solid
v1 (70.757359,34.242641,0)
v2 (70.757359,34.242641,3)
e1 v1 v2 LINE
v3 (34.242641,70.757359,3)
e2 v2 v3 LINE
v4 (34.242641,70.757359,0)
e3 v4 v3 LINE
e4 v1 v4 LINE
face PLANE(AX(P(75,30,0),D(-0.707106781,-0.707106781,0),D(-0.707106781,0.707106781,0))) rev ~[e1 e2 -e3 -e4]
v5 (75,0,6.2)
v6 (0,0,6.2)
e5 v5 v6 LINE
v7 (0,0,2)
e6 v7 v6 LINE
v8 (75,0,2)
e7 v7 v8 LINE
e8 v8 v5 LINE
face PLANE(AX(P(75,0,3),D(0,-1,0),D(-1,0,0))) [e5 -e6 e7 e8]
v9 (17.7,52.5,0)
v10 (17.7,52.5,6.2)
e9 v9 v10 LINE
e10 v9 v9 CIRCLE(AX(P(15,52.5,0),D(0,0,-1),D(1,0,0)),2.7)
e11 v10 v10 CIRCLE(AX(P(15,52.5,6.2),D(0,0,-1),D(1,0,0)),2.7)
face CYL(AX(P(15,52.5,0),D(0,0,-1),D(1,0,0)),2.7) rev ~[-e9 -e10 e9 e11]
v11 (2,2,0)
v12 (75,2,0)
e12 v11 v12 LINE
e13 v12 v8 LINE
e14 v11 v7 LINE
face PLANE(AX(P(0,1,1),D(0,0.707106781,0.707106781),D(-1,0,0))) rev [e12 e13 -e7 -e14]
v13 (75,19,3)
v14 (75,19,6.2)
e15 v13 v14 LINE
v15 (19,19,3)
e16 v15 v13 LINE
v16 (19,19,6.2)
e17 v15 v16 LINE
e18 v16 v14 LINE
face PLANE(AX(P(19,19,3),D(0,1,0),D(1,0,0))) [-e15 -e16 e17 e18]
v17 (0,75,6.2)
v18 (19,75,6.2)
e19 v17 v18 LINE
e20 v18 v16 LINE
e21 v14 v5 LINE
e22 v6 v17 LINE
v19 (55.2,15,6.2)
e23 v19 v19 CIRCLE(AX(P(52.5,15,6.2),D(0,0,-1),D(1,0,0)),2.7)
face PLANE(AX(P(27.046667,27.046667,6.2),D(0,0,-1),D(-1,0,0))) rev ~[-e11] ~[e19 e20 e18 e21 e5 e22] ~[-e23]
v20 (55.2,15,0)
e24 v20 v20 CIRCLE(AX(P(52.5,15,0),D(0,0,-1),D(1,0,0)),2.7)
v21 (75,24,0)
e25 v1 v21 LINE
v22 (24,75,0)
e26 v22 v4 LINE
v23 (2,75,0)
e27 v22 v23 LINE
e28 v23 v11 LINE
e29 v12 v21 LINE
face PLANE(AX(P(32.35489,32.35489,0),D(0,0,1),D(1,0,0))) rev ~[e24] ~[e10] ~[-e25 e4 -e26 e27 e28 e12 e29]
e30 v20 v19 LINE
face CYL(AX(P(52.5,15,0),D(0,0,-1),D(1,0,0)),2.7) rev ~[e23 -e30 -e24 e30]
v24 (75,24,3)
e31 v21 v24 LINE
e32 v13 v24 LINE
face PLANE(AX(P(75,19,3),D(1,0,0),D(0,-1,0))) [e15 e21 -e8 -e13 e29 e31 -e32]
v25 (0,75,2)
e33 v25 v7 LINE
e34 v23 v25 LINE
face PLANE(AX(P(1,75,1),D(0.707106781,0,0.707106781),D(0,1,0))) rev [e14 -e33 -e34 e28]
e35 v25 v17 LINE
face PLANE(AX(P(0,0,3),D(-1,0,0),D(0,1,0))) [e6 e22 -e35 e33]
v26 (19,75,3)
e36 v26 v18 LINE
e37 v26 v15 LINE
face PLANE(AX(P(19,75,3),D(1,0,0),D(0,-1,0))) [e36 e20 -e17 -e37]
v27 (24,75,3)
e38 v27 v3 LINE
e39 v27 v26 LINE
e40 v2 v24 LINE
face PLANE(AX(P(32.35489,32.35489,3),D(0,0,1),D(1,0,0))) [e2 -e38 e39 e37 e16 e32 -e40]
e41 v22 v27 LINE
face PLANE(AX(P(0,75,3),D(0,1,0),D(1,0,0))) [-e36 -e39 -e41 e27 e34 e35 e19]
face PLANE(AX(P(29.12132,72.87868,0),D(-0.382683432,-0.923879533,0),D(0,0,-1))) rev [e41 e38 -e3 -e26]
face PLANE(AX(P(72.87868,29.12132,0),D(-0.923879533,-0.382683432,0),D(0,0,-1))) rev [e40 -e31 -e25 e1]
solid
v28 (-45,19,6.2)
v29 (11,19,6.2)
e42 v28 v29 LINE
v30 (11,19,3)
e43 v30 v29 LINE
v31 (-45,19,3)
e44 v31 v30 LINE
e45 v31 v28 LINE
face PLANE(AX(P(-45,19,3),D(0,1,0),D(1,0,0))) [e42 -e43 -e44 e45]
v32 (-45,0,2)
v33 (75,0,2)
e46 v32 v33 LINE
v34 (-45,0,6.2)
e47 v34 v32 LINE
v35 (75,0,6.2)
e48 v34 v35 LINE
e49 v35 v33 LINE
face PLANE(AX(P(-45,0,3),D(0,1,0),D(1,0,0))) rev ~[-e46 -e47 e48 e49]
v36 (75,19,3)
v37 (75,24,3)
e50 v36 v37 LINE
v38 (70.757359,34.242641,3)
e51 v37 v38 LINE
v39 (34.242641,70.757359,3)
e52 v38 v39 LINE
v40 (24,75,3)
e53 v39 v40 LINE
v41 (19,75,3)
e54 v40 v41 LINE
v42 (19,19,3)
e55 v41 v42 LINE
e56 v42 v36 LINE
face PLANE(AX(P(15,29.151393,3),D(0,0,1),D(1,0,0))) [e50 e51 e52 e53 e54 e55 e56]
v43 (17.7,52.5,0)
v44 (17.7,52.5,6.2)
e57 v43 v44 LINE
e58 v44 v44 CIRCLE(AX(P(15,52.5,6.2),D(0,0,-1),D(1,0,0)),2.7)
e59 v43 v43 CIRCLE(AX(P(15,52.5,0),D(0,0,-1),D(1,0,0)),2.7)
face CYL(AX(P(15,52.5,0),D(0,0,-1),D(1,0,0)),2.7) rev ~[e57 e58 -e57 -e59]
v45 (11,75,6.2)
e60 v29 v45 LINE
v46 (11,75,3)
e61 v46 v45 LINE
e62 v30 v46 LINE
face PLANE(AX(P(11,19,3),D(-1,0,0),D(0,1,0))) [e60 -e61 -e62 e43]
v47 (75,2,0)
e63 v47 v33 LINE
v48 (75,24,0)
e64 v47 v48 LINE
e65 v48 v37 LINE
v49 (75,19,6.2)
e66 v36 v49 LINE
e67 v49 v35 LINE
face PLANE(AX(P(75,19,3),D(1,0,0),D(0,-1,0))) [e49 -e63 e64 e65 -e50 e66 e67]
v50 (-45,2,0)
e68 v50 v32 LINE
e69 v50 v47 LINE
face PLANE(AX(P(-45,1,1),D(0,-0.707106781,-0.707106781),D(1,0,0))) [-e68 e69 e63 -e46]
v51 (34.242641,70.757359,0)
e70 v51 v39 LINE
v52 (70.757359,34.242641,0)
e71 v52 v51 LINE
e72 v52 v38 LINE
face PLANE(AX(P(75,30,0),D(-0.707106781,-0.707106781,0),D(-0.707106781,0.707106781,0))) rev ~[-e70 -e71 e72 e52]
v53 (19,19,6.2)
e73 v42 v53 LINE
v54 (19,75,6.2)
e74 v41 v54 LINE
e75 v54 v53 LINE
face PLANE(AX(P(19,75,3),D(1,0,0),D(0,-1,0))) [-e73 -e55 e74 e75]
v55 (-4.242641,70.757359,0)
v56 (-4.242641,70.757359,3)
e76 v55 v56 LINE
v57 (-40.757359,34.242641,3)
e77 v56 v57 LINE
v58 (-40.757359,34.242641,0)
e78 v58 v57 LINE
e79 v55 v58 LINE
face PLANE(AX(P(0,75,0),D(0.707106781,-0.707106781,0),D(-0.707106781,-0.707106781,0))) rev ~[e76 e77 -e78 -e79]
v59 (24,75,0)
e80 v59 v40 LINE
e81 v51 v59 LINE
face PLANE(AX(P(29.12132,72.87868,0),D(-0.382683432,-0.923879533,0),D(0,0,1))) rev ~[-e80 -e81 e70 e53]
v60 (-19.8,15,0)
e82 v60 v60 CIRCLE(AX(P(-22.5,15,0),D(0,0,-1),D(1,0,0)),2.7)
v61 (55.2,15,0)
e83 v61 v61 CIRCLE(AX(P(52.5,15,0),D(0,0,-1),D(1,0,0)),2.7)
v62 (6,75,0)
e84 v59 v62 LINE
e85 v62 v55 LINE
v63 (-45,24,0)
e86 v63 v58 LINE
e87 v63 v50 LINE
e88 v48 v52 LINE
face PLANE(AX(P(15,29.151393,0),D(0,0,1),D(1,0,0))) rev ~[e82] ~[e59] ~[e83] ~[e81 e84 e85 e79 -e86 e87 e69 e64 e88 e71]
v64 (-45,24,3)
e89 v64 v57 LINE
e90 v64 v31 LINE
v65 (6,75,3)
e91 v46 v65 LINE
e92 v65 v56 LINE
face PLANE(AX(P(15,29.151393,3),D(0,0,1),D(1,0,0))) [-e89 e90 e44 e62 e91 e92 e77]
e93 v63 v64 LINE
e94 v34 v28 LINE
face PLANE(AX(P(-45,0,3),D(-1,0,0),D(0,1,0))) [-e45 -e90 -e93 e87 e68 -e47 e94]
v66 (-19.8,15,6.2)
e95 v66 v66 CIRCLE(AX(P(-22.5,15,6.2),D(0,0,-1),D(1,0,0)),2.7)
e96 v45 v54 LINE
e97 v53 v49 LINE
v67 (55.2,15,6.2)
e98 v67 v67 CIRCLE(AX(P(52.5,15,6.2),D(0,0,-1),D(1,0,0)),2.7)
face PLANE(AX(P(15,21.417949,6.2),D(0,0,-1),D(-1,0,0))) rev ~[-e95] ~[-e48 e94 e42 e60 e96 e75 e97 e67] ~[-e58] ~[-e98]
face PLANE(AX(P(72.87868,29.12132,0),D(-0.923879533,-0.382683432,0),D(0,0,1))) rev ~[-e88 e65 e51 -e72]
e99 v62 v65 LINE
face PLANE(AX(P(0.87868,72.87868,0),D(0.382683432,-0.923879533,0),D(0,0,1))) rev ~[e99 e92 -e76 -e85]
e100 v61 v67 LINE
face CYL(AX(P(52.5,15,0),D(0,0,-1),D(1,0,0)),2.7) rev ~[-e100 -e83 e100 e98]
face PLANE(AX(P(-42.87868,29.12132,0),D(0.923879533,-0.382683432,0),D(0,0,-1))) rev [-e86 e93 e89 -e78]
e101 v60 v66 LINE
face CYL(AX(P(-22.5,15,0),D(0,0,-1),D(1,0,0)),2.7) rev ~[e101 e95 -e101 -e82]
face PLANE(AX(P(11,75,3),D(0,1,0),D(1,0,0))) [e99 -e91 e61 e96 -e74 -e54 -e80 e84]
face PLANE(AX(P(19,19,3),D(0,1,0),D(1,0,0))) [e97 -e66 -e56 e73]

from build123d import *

# Parameters (mm, degrees)
PAD_DEPTH       = 3
PAD001_DEPTH    = 3.2
SKETCH002_R     = 2.7
POCKET_DEPTH    = 8
CHAMFER_SIZE    = 2
CHAMFER001_SIZE = 6
PAD002_DEPTH    = 3
PAD003_DEPTH    = 3.2
SKETCH005_R     = 2.7
POCKET001_DEPTH = 8
CHAMFER002_SIZE = 2
CHAMFER003_SIZE = 6


with BuildPart() as corner_plexi_mount_body:
    # Sketch → Pad (new body)
    with BuildSketch(Plane.XY):
        Polygon((75, 0), (75, 30), (30, 75), (0, 75), (0, 0), align=None)
    extrude(amount=PAD_DEPTH)

    # Sketch001 (on Face7 of Pad) → Pad001 (join)
    with BuildSketch(Plane.XY.offset(3)):
        Polygon((0, 75), (19, 75), (19, 19), (75, 19), (75, 0), (0, 0), align=None)
    extrude(amount=PAD001_DEPTH)

    # Sketch002 (on Face2 of Pad001) → Pocket (cut)
    with BuildSketch(Plane(origin=(0, 0, 0), x_dir=(1, 0, 0), z_dir=(0, 0, -1))):
        with Locations((52.5, -15)):
            Circle(SKETCH002_R)
        with Locations((15, -52.5)):
            Circle(SKETCH002_R)
    extrude(amount=-POCKET_DEPTH, mode=Mode.SUBTRACT)

    # Chamfer
    chamfer_edges = [corner_plexi_mount_body.edges().sort_by_distance(p)[0] for p in [
        (37.5, 0, 0),
        (0, 37.5, 0),
    ]]
    chamfer(chamfer_edges, length=CHAMFER_SIZE)

    # Chamfer001
    chamfer001_edges = [corner_plexi_mount_body.edges().sort_by_distance(p)[0] for p in [
        (75, 30, 1.5),
        (30, 75, 1.5),
    ]]
    chamfer(chamfer001_edges, length=CHAMFER001_SIZE)


with BuildPart() as plexi_mount_part001:
    # Sketch003 → Pad002 (new body)
    with BuildSketch(Plane.XY):
        Polygon((75, 0), (75, 30), (30, 75), (0, 75), (-45, 30), (-45, 0), (0, 0), align=None)
    extrude(amount=PAD002_DEPTH)

    # Sketch004 (on Face7 of Pad002) → Pad003 (join)
    with BuildSketch(Plane.XY.offset(3)):
        Polygon((19, 75), (19, 19), (75, 19), (75, 0), (0, 0), (-45, 0), (-45, 19), (11, 19), (11, 75), align=None)
    extrude(amount=PAD003_DEPTH)

    # Sketch005 (on Face2 of Pad003) → Pocket001 (cut)
    with BuildSketch(Plane(origin=(0, 0, 0), x_dir=(1, 0, 0), z_dir=(0, 0, -1))):
        with Locations((52.5, -15)):
            Circle(SKETCH005_R)
        with Locations((15, -52.5)):
            Circle(SKETCH005_R)
        with Locations((-22.5, -15)):
            Circle(SKETCH005_R)
    extrude(amount=-POCKET001_DEPTH, mode=Mode.SUBTRACT)

    # Chamfer002
    chamfer002_edges = [plexi_mount_part001.edges().sort_by_distance(p)[0] for p in [
        (15, 0, 0),
    ]]
    chamfer(chamfer002_edges, length=CHAMFER002_SIZE)

    # Chamfer003
    chamfer003_edges = [plexi_mount_part001.edges().sort_by_distance(p)[0] for p in [
        (0, 75, 1.5),
        (-45, 30, 1.5),
        (30, 75, 1.5),
        (75, 30, 1.5),
    ]]
    chamfer(chamfer003_edges, length=CHAMFER003_SIZE)


solid = Compound([corner_plexi_mount_body.part, plexi_mount_part001.part])
